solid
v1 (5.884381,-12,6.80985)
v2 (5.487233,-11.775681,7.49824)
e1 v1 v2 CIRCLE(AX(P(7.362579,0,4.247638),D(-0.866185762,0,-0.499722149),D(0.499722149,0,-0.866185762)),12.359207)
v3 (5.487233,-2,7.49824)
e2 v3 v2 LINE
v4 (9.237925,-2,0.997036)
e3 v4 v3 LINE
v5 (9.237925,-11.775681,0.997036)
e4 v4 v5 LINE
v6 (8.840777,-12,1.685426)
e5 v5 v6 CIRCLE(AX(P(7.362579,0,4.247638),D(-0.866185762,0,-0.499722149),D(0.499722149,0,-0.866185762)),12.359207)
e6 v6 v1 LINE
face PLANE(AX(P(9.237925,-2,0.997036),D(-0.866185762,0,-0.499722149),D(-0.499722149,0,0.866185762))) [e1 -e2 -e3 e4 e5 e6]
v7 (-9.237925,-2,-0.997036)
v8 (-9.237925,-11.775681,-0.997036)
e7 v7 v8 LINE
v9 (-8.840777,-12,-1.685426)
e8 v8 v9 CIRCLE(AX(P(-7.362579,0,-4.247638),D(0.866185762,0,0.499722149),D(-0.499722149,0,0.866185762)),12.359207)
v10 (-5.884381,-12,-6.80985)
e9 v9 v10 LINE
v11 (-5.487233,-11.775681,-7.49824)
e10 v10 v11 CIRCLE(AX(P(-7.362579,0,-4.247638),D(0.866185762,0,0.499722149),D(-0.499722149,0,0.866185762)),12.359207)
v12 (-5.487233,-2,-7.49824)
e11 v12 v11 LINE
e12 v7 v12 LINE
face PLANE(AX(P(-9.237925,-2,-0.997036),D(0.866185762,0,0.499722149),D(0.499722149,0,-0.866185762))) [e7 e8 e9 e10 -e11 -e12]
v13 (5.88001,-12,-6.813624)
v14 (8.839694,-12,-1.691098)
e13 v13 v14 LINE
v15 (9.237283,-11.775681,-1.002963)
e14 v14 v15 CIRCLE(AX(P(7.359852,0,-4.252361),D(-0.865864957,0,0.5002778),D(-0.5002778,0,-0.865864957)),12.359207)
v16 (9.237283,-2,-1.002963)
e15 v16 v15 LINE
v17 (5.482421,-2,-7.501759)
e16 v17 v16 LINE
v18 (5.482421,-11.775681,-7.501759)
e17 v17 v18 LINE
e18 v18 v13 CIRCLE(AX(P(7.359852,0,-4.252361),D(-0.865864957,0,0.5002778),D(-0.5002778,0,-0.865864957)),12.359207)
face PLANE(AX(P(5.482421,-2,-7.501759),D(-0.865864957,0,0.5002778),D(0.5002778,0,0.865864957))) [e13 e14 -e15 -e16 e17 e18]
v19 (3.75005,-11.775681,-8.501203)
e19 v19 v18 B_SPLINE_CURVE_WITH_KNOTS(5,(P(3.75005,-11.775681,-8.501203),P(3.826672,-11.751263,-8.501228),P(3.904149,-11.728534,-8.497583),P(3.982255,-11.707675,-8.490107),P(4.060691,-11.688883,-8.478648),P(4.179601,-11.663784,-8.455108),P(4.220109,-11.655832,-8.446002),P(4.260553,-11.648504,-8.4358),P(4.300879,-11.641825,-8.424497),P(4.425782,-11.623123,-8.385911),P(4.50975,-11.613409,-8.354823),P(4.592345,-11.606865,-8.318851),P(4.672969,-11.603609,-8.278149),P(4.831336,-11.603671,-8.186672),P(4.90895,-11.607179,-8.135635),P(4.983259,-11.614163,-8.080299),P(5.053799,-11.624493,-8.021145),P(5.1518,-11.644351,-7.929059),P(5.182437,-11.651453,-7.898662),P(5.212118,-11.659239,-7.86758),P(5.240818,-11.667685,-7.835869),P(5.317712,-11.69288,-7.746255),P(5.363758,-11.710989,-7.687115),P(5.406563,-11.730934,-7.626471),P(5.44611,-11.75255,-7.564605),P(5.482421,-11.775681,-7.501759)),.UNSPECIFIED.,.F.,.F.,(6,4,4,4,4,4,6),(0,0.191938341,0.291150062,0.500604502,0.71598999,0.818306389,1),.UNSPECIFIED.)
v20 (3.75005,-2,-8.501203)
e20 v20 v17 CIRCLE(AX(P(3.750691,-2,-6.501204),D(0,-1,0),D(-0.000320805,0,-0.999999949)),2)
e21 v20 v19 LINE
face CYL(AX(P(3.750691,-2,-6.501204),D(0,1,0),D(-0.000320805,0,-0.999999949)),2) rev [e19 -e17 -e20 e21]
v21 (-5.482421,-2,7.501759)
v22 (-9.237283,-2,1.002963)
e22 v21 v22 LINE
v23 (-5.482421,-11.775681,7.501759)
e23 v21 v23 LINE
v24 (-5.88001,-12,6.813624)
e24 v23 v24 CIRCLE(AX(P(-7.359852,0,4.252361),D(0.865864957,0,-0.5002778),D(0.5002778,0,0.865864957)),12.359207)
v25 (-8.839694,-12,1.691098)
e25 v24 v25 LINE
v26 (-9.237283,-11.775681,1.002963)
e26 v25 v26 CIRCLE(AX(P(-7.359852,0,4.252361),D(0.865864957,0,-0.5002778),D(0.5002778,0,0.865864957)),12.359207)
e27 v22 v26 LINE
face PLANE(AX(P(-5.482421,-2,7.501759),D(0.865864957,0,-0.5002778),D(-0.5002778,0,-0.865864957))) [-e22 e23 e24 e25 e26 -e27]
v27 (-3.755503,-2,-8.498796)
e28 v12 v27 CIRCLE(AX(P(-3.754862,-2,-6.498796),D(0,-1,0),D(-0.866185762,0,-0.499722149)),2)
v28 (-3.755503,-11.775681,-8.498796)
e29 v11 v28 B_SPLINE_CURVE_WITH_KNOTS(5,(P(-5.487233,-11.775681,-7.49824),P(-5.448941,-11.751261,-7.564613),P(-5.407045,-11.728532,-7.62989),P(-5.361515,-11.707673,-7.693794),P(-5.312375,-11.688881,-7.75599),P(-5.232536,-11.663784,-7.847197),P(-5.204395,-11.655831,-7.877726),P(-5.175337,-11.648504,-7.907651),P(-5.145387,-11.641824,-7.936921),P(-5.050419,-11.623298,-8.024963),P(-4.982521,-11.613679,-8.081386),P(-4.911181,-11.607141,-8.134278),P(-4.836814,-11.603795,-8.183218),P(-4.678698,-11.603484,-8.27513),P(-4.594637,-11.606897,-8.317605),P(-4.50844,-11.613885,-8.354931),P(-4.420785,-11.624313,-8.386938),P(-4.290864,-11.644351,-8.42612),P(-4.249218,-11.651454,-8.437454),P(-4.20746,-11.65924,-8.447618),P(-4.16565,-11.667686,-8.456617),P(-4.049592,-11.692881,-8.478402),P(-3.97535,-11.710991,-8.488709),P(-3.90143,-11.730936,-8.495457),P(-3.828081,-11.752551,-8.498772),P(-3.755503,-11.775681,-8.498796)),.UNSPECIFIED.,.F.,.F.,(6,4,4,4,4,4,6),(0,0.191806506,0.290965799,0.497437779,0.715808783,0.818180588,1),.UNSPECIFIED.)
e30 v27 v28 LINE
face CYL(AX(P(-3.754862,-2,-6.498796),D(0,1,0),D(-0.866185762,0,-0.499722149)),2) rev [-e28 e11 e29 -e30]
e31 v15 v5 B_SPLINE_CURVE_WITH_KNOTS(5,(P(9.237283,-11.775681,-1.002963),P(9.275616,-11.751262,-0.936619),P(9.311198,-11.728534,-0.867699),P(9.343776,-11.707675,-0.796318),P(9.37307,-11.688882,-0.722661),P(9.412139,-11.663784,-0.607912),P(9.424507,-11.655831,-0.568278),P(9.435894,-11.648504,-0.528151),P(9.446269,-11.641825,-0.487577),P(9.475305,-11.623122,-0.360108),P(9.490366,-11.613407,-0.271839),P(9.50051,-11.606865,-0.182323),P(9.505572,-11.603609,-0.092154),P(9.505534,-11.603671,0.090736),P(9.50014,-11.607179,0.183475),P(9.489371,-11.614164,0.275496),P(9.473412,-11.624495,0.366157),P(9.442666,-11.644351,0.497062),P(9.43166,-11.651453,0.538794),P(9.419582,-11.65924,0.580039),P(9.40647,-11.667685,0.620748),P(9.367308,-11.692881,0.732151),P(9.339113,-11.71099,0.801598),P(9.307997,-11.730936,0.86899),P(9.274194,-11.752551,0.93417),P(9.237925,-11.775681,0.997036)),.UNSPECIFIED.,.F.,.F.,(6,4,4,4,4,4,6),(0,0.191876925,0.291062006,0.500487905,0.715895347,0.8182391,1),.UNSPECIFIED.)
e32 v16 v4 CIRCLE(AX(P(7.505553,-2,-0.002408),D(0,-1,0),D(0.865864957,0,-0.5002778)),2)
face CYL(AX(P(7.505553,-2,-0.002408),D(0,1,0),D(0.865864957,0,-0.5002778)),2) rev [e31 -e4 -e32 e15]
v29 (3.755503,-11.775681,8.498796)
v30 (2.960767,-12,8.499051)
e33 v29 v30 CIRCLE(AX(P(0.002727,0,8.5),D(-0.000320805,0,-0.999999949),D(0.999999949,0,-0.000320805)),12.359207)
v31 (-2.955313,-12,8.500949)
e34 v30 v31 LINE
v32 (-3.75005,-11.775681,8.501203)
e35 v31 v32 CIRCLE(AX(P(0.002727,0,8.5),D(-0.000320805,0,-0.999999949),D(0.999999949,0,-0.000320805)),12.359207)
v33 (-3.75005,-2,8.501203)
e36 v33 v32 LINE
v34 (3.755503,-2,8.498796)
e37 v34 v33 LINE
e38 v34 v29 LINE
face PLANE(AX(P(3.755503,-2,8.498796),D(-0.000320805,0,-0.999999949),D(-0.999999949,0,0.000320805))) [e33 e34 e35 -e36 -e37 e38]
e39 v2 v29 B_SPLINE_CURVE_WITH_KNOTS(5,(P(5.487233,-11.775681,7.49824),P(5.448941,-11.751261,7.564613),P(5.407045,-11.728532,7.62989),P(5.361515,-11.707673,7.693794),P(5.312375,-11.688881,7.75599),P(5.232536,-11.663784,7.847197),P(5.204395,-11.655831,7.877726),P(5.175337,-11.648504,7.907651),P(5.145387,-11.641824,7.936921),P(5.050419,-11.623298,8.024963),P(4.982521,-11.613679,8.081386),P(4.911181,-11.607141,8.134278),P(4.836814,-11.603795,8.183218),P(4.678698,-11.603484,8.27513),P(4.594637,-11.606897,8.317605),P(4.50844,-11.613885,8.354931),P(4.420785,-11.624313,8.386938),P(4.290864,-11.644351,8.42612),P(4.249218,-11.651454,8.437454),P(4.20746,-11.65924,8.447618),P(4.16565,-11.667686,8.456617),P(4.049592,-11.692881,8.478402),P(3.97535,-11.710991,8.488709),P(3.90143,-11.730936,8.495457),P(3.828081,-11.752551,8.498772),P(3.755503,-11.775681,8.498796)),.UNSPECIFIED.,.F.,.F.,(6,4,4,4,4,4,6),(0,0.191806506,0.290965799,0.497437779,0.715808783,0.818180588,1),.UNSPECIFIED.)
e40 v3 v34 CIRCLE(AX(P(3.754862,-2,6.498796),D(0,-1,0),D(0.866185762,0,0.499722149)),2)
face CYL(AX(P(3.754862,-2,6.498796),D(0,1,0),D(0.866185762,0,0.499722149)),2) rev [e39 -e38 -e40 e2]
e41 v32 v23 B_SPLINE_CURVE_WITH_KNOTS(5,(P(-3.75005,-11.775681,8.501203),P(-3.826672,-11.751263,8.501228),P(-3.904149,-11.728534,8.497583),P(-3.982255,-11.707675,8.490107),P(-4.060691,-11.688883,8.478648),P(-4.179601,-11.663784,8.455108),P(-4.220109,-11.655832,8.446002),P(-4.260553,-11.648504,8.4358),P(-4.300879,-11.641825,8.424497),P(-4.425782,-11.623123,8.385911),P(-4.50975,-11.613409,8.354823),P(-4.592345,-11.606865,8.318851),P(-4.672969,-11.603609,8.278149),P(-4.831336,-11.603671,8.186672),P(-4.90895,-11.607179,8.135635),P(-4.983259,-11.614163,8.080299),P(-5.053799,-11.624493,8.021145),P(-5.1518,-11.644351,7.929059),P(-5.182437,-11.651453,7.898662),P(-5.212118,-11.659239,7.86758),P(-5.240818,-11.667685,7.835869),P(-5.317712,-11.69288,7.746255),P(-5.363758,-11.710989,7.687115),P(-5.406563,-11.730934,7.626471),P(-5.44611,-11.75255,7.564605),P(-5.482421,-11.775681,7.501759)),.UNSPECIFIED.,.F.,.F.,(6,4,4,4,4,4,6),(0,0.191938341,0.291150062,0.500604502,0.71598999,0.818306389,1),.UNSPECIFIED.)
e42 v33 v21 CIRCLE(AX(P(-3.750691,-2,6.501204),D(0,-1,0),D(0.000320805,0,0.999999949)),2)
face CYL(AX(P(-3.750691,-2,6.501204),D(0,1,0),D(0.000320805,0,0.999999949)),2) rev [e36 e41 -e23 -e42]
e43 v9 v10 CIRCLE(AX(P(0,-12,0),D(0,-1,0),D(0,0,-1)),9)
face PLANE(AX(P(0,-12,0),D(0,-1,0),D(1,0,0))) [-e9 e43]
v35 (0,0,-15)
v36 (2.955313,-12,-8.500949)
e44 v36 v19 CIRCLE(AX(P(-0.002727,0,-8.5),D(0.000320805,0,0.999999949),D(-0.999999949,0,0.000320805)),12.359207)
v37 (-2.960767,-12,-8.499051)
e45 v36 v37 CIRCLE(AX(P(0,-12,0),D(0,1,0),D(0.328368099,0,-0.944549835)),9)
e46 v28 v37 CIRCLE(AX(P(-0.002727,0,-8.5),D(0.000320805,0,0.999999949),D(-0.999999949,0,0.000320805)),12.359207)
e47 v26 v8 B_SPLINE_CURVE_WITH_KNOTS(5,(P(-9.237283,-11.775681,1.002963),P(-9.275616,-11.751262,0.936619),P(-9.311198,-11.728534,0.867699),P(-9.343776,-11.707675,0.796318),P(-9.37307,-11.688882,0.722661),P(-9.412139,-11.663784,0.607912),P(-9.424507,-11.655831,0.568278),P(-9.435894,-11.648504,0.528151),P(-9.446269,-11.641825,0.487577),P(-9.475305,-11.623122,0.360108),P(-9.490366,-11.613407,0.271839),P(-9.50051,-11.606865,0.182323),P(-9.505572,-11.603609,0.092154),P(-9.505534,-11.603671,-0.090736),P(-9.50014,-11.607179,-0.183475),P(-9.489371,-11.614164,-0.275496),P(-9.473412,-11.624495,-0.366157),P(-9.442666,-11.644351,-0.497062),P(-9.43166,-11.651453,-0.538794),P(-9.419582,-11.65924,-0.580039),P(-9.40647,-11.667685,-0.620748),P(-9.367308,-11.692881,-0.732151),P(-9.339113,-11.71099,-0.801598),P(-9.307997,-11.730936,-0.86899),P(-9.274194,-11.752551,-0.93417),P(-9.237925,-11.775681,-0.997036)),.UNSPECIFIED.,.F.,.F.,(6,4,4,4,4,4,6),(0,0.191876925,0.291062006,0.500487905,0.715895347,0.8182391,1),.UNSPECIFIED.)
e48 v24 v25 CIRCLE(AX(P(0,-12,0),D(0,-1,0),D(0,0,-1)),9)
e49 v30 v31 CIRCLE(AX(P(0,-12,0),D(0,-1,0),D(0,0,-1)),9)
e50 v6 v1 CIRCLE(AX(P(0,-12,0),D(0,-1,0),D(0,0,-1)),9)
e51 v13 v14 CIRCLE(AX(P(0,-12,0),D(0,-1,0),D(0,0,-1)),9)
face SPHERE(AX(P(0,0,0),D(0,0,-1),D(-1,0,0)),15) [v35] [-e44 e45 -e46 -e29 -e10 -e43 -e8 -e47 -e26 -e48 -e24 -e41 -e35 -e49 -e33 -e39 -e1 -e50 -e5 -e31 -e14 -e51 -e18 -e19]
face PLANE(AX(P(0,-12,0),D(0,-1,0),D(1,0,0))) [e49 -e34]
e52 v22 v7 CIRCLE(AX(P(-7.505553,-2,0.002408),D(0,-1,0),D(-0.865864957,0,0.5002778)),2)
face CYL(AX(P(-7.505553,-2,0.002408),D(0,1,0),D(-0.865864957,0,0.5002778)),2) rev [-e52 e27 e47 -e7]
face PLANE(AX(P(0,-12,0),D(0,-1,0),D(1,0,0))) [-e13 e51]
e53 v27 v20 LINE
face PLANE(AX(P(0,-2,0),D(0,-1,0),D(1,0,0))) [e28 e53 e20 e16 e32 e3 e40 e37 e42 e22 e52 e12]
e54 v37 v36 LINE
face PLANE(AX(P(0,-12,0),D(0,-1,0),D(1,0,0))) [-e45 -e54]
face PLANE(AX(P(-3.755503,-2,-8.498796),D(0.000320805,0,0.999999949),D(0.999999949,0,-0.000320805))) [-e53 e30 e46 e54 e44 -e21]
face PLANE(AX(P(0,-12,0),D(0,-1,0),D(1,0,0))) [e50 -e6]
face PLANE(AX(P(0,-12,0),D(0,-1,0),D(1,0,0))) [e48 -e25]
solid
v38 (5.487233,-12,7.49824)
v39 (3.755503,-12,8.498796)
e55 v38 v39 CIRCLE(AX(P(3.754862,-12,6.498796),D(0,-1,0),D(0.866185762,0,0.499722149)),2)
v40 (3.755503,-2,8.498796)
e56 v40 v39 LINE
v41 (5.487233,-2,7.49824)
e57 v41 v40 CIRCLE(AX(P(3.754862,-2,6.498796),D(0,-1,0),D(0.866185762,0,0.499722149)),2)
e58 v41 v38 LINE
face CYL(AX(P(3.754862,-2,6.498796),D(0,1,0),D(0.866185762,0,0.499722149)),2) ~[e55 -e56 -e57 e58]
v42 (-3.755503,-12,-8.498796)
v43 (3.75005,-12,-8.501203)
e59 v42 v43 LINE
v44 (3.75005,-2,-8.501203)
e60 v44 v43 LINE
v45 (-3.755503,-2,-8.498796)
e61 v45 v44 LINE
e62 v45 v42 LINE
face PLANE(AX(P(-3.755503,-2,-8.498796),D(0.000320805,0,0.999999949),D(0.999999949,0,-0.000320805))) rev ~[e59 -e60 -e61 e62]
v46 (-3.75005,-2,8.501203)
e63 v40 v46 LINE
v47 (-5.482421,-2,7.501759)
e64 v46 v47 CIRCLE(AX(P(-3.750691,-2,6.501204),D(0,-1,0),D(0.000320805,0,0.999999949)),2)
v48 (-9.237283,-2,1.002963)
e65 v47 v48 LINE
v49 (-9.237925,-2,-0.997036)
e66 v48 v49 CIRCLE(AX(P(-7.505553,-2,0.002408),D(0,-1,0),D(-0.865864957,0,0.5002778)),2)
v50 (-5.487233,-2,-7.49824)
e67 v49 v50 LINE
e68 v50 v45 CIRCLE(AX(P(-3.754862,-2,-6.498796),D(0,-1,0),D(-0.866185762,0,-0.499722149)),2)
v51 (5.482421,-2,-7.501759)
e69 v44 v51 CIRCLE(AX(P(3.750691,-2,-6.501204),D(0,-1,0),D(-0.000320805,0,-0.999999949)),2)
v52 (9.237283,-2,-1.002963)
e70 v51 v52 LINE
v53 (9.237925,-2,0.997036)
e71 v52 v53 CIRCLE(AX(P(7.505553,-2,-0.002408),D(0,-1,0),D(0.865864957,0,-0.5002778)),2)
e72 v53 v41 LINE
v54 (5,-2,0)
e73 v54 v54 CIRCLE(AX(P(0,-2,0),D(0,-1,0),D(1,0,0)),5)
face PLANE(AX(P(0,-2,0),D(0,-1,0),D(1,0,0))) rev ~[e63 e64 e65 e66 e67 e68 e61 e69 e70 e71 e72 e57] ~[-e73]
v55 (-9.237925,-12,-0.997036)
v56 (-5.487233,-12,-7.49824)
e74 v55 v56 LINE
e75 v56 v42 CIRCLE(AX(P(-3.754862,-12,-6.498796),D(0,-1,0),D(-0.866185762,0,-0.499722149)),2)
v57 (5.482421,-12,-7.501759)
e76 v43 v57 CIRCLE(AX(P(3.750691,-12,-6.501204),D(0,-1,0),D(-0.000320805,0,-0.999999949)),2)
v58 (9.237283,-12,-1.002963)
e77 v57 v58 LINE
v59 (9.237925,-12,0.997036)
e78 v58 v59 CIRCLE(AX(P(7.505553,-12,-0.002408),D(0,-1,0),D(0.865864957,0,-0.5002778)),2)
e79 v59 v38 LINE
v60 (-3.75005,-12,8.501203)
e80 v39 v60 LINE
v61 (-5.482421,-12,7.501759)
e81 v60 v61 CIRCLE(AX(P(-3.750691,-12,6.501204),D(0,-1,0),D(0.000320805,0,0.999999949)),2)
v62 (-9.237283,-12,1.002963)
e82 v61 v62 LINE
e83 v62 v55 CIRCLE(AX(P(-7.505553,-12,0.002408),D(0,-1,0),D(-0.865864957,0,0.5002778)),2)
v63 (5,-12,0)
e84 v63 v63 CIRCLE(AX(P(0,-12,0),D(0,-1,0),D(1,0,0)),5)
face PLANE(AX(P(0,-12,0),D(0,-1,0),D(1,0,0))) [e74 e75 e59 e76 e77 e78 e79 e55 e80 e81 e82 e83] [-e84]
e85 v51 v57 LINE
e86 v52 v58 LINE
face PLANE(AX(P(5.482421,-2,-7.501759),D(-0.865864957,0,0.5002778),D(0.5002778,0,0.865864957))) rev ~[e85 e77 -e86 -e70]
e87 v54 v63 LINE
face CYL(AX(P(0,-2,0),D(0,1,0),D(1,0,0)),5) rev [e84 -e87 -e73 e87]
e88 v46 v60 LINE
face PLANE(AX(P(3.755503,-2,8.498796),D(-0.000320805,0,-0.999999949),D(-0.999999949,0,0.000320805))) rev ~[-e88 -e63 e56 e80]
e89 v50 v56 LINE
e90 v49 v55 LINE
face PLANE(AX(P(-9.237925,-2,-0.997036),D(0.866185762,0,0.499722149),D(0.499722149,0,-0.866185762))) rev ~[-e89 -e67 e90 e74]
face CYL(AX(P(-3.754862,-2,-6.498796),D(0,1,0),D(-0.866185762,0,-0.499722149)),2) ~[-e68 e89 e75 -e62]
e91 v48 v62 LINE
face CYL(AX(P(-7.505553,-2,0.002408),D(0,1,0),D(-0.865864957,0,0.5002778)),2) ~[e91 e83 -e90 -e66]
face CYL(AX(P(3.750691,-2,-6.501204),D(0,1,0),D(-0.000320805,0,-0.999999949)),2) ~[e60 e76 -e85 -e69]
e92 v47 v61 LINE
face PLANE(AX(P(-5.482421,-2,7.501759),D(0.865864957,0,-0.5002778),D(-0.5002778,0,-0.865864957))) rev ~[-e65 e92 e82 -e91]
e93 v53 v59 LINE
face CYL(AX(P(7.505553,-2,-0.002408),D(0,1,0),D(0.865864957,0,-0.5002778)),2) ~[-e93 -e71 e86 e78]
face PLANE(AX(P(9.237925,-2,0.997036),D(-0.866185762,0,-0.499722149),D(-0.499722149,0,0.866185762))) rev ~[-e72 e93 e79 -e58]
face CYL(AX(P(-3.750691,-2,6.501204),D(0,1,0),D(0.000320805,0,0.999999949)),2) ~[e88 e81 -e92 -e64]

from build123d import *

# Parameters (mm, degrees)
F3_START = 2
F2_R     = 5
F3_DEPTH = 10
F4_W     = 45
F4_H     = 45
F4_R     = 5
F5_DEPTH = 25
F7_R     = 5
F8_DEPTH = 10


with BuildPart() as f1:
    # F0 (on Front) → F1 (revolve)
    with BuildSketch(Plane.XZ):
        with BuildLine():
            Line((0, -15), (0, 15))
            ThreePointArc((0, 15), (-15, 0), (0, -15))
        make_face()
    revolve(axis=Axis((0, 0, -1.5722160553), (0, 0, -1)))

    # F4 (on face) → F5 (cut)
    with BuildSketch(Plane.XZ.offset(12)):
        Rectangle(F4_W, F4_H)
        with BuildLine():
            Line((9.2372830265, -1.00296342), (5.4824212361, -7.5017591752))
            ThreePointArc((5.4824212361, -7.5017591752), (4.7501356205, -8.2335750994), (3.7500497125, -8.5012034729))
            Line((3.7500497125, -8.5012034729), (-3.7555034008, -8.4987956523))
            ThreePointArc((-3.7555034008, -8.4987956523), (-4.7554173898, -8.2305256685), (-5.487233314, -7.4982400529))
            Line((-5.487233314, -7.4982400529), (-9.2379246369, -0.9970364771))
            ThreePointArc((-9.2379246369, -0.9970364771), (-9.5055530103, 0.0030494309), (-9.2372830265, 1.00296342))
            Line((-9.2372830265, 1.00296342), (-5.4824212361, 7.5017591752))
            ThreePointArc((-5.4824212361, 7.5017591752), (-4.7501356205, 8.2335750994), (-3.7500497125, 8.5012034729))
            Line((-3.7500497125, 8.5012034729), (3.7555034008, 8.4987956523))
            ThreePointArc((3.7555034008, 8.4987956523), (4.7554173898, 8.2305256685), (5.487233314, 7.4982400529))
            Line((5.487233314, 7.4982400529), (9.2379246369, 0.9970364771))
            ThreePointArc((9.2379246369, 0.9970364771), (9.5055530103, -0.0030494309), (9.2372830265, -1.00296342))
        make_face(mode=Mode.SUBTRACT)
        with BuildLine():
            ThreePointArc((3.7500497125, -8.5012034729), (4.7501356205, -8.2335750994), (5.4824212361, -7.5017591752))
            Line((5.4824212361, -7.5017591752), (9.2372830265, -1.00296342))
            ThreePointArc((9.2372830265, -1.00296342), (9.5055530103, -0.0030494309), (9.2379246369, 0.9970364771))
            Line((9.2379246369, 0.9970364771), (5.487233314, 7.4982400529))
            ThreePointArc((5.487233314, 7.4982400529), (4.7554173898, 8.2305256685), (3.7555034008, 8.4987956523))
            Line((3.7555034008, 8.4987956523), (-3.7500497125, 8.5012034729))
            ThreePointArc((-3.7500497125, 8.5012034729), (-4.7501356205, 8.2335750994), (-5.4824212361, 7.5017591752))
            Line((-5.4824212361, 7.5017591752), (-9.2372830265, 1.00296342))
            ThreePointArc((-9.2372830265, 1.00296342), (-9.5055530103, 0.0030494309), (-9.2379246369, -0.9970364771))
            Line((-9.2379246369, -0.9970364771), (-5.487233314, -7.4982400529))
            ThreePointArc((-5.487233314, -7.4982400529), (-4.7554173898, -8.2305256685), (-3.7555034008, -8.4987956523))
            Line((-3.7555034008, -8.4987956523), (3.7500497125, -8.5012034729))
        make_face()
        Circle(F4_R, mode=Mode.SUBTRACT)
    extrude(amount=F5_DEPTH, mode=Mode.SUBTRACT)


with BuildPart() as f3:
    # F2 (on Front) → F3 (new body)
    with BuildSketch(Plane.XZ.offset(F3_START)):
        with BuildLine():
            Line((9.2379246369, 0.9970364771), (5.487233314, 7.4982400529))
            ThreePointArc((5.487233314, 7.4982400529), (4.7554173898, 8.2305256685), (3.7555034008, 8.4987956523))
            Line((3.7555034008, 8.4987956523), (-3.7500497125, 8.5012034729))
            ThreePointArc((-3.7500497125, 8.5012034729), (-4.7501356205, 8.2335750994), (-5.4824212361, 7.5017591752))
            Line((-5.4824212361, 7.5017591752), (-9.2372830265, 1.00296342))
            ThreePointArc((-9.2372830265, 1.00296342), (-9.5055530103, 0.0030494309), (-9.2379246369, -0.9970364771))
            Line((-9.2379246369, -0.9970364771), (-5.487233314, -7.4982400529))
            ThreePointArc((-5.487233314, -7.4982400529), (-4.7554173898, -8.2305256685), (-3.7555034008, -8.4987956523))
            Line((-3.7555034008, -8.4987956523), (3.7500497125, -8.5012034729))
            ThreePointArc((3.7500497125, -8.5012034729), (4.7501356205, -8.2335750994), (5.4824212361, -7.5017591752))
            Line((5.4824212361, -7.5017591752), (9.2372830265, -1.00296342))
            ThreePointArc((9.2372830265, -1.00296342), (9.5055530103, -0.0030494309), (9.2379246369, 0.9970364771))
        make_face()
        Circle(F2_R, mode=Mode.SUBTRACT)
    extrude(amount=F3_DEPTH)


with BuildPart() as f1_1:
    add(f1.part)

    # F6: cut F3
    add(f3.part, mode=Mode.SUBTRACT)

    # F7 (on face) → F8 (cut, symmetric)
    with BuildSketch(Plane.XZ.offset(12)):
        Circle(F7_R)
    extrude(amount=F8_DEPTH, both=True, mode=Mode.SUBTRACT)


solid = Compound([f3.part, f1_1.part])
